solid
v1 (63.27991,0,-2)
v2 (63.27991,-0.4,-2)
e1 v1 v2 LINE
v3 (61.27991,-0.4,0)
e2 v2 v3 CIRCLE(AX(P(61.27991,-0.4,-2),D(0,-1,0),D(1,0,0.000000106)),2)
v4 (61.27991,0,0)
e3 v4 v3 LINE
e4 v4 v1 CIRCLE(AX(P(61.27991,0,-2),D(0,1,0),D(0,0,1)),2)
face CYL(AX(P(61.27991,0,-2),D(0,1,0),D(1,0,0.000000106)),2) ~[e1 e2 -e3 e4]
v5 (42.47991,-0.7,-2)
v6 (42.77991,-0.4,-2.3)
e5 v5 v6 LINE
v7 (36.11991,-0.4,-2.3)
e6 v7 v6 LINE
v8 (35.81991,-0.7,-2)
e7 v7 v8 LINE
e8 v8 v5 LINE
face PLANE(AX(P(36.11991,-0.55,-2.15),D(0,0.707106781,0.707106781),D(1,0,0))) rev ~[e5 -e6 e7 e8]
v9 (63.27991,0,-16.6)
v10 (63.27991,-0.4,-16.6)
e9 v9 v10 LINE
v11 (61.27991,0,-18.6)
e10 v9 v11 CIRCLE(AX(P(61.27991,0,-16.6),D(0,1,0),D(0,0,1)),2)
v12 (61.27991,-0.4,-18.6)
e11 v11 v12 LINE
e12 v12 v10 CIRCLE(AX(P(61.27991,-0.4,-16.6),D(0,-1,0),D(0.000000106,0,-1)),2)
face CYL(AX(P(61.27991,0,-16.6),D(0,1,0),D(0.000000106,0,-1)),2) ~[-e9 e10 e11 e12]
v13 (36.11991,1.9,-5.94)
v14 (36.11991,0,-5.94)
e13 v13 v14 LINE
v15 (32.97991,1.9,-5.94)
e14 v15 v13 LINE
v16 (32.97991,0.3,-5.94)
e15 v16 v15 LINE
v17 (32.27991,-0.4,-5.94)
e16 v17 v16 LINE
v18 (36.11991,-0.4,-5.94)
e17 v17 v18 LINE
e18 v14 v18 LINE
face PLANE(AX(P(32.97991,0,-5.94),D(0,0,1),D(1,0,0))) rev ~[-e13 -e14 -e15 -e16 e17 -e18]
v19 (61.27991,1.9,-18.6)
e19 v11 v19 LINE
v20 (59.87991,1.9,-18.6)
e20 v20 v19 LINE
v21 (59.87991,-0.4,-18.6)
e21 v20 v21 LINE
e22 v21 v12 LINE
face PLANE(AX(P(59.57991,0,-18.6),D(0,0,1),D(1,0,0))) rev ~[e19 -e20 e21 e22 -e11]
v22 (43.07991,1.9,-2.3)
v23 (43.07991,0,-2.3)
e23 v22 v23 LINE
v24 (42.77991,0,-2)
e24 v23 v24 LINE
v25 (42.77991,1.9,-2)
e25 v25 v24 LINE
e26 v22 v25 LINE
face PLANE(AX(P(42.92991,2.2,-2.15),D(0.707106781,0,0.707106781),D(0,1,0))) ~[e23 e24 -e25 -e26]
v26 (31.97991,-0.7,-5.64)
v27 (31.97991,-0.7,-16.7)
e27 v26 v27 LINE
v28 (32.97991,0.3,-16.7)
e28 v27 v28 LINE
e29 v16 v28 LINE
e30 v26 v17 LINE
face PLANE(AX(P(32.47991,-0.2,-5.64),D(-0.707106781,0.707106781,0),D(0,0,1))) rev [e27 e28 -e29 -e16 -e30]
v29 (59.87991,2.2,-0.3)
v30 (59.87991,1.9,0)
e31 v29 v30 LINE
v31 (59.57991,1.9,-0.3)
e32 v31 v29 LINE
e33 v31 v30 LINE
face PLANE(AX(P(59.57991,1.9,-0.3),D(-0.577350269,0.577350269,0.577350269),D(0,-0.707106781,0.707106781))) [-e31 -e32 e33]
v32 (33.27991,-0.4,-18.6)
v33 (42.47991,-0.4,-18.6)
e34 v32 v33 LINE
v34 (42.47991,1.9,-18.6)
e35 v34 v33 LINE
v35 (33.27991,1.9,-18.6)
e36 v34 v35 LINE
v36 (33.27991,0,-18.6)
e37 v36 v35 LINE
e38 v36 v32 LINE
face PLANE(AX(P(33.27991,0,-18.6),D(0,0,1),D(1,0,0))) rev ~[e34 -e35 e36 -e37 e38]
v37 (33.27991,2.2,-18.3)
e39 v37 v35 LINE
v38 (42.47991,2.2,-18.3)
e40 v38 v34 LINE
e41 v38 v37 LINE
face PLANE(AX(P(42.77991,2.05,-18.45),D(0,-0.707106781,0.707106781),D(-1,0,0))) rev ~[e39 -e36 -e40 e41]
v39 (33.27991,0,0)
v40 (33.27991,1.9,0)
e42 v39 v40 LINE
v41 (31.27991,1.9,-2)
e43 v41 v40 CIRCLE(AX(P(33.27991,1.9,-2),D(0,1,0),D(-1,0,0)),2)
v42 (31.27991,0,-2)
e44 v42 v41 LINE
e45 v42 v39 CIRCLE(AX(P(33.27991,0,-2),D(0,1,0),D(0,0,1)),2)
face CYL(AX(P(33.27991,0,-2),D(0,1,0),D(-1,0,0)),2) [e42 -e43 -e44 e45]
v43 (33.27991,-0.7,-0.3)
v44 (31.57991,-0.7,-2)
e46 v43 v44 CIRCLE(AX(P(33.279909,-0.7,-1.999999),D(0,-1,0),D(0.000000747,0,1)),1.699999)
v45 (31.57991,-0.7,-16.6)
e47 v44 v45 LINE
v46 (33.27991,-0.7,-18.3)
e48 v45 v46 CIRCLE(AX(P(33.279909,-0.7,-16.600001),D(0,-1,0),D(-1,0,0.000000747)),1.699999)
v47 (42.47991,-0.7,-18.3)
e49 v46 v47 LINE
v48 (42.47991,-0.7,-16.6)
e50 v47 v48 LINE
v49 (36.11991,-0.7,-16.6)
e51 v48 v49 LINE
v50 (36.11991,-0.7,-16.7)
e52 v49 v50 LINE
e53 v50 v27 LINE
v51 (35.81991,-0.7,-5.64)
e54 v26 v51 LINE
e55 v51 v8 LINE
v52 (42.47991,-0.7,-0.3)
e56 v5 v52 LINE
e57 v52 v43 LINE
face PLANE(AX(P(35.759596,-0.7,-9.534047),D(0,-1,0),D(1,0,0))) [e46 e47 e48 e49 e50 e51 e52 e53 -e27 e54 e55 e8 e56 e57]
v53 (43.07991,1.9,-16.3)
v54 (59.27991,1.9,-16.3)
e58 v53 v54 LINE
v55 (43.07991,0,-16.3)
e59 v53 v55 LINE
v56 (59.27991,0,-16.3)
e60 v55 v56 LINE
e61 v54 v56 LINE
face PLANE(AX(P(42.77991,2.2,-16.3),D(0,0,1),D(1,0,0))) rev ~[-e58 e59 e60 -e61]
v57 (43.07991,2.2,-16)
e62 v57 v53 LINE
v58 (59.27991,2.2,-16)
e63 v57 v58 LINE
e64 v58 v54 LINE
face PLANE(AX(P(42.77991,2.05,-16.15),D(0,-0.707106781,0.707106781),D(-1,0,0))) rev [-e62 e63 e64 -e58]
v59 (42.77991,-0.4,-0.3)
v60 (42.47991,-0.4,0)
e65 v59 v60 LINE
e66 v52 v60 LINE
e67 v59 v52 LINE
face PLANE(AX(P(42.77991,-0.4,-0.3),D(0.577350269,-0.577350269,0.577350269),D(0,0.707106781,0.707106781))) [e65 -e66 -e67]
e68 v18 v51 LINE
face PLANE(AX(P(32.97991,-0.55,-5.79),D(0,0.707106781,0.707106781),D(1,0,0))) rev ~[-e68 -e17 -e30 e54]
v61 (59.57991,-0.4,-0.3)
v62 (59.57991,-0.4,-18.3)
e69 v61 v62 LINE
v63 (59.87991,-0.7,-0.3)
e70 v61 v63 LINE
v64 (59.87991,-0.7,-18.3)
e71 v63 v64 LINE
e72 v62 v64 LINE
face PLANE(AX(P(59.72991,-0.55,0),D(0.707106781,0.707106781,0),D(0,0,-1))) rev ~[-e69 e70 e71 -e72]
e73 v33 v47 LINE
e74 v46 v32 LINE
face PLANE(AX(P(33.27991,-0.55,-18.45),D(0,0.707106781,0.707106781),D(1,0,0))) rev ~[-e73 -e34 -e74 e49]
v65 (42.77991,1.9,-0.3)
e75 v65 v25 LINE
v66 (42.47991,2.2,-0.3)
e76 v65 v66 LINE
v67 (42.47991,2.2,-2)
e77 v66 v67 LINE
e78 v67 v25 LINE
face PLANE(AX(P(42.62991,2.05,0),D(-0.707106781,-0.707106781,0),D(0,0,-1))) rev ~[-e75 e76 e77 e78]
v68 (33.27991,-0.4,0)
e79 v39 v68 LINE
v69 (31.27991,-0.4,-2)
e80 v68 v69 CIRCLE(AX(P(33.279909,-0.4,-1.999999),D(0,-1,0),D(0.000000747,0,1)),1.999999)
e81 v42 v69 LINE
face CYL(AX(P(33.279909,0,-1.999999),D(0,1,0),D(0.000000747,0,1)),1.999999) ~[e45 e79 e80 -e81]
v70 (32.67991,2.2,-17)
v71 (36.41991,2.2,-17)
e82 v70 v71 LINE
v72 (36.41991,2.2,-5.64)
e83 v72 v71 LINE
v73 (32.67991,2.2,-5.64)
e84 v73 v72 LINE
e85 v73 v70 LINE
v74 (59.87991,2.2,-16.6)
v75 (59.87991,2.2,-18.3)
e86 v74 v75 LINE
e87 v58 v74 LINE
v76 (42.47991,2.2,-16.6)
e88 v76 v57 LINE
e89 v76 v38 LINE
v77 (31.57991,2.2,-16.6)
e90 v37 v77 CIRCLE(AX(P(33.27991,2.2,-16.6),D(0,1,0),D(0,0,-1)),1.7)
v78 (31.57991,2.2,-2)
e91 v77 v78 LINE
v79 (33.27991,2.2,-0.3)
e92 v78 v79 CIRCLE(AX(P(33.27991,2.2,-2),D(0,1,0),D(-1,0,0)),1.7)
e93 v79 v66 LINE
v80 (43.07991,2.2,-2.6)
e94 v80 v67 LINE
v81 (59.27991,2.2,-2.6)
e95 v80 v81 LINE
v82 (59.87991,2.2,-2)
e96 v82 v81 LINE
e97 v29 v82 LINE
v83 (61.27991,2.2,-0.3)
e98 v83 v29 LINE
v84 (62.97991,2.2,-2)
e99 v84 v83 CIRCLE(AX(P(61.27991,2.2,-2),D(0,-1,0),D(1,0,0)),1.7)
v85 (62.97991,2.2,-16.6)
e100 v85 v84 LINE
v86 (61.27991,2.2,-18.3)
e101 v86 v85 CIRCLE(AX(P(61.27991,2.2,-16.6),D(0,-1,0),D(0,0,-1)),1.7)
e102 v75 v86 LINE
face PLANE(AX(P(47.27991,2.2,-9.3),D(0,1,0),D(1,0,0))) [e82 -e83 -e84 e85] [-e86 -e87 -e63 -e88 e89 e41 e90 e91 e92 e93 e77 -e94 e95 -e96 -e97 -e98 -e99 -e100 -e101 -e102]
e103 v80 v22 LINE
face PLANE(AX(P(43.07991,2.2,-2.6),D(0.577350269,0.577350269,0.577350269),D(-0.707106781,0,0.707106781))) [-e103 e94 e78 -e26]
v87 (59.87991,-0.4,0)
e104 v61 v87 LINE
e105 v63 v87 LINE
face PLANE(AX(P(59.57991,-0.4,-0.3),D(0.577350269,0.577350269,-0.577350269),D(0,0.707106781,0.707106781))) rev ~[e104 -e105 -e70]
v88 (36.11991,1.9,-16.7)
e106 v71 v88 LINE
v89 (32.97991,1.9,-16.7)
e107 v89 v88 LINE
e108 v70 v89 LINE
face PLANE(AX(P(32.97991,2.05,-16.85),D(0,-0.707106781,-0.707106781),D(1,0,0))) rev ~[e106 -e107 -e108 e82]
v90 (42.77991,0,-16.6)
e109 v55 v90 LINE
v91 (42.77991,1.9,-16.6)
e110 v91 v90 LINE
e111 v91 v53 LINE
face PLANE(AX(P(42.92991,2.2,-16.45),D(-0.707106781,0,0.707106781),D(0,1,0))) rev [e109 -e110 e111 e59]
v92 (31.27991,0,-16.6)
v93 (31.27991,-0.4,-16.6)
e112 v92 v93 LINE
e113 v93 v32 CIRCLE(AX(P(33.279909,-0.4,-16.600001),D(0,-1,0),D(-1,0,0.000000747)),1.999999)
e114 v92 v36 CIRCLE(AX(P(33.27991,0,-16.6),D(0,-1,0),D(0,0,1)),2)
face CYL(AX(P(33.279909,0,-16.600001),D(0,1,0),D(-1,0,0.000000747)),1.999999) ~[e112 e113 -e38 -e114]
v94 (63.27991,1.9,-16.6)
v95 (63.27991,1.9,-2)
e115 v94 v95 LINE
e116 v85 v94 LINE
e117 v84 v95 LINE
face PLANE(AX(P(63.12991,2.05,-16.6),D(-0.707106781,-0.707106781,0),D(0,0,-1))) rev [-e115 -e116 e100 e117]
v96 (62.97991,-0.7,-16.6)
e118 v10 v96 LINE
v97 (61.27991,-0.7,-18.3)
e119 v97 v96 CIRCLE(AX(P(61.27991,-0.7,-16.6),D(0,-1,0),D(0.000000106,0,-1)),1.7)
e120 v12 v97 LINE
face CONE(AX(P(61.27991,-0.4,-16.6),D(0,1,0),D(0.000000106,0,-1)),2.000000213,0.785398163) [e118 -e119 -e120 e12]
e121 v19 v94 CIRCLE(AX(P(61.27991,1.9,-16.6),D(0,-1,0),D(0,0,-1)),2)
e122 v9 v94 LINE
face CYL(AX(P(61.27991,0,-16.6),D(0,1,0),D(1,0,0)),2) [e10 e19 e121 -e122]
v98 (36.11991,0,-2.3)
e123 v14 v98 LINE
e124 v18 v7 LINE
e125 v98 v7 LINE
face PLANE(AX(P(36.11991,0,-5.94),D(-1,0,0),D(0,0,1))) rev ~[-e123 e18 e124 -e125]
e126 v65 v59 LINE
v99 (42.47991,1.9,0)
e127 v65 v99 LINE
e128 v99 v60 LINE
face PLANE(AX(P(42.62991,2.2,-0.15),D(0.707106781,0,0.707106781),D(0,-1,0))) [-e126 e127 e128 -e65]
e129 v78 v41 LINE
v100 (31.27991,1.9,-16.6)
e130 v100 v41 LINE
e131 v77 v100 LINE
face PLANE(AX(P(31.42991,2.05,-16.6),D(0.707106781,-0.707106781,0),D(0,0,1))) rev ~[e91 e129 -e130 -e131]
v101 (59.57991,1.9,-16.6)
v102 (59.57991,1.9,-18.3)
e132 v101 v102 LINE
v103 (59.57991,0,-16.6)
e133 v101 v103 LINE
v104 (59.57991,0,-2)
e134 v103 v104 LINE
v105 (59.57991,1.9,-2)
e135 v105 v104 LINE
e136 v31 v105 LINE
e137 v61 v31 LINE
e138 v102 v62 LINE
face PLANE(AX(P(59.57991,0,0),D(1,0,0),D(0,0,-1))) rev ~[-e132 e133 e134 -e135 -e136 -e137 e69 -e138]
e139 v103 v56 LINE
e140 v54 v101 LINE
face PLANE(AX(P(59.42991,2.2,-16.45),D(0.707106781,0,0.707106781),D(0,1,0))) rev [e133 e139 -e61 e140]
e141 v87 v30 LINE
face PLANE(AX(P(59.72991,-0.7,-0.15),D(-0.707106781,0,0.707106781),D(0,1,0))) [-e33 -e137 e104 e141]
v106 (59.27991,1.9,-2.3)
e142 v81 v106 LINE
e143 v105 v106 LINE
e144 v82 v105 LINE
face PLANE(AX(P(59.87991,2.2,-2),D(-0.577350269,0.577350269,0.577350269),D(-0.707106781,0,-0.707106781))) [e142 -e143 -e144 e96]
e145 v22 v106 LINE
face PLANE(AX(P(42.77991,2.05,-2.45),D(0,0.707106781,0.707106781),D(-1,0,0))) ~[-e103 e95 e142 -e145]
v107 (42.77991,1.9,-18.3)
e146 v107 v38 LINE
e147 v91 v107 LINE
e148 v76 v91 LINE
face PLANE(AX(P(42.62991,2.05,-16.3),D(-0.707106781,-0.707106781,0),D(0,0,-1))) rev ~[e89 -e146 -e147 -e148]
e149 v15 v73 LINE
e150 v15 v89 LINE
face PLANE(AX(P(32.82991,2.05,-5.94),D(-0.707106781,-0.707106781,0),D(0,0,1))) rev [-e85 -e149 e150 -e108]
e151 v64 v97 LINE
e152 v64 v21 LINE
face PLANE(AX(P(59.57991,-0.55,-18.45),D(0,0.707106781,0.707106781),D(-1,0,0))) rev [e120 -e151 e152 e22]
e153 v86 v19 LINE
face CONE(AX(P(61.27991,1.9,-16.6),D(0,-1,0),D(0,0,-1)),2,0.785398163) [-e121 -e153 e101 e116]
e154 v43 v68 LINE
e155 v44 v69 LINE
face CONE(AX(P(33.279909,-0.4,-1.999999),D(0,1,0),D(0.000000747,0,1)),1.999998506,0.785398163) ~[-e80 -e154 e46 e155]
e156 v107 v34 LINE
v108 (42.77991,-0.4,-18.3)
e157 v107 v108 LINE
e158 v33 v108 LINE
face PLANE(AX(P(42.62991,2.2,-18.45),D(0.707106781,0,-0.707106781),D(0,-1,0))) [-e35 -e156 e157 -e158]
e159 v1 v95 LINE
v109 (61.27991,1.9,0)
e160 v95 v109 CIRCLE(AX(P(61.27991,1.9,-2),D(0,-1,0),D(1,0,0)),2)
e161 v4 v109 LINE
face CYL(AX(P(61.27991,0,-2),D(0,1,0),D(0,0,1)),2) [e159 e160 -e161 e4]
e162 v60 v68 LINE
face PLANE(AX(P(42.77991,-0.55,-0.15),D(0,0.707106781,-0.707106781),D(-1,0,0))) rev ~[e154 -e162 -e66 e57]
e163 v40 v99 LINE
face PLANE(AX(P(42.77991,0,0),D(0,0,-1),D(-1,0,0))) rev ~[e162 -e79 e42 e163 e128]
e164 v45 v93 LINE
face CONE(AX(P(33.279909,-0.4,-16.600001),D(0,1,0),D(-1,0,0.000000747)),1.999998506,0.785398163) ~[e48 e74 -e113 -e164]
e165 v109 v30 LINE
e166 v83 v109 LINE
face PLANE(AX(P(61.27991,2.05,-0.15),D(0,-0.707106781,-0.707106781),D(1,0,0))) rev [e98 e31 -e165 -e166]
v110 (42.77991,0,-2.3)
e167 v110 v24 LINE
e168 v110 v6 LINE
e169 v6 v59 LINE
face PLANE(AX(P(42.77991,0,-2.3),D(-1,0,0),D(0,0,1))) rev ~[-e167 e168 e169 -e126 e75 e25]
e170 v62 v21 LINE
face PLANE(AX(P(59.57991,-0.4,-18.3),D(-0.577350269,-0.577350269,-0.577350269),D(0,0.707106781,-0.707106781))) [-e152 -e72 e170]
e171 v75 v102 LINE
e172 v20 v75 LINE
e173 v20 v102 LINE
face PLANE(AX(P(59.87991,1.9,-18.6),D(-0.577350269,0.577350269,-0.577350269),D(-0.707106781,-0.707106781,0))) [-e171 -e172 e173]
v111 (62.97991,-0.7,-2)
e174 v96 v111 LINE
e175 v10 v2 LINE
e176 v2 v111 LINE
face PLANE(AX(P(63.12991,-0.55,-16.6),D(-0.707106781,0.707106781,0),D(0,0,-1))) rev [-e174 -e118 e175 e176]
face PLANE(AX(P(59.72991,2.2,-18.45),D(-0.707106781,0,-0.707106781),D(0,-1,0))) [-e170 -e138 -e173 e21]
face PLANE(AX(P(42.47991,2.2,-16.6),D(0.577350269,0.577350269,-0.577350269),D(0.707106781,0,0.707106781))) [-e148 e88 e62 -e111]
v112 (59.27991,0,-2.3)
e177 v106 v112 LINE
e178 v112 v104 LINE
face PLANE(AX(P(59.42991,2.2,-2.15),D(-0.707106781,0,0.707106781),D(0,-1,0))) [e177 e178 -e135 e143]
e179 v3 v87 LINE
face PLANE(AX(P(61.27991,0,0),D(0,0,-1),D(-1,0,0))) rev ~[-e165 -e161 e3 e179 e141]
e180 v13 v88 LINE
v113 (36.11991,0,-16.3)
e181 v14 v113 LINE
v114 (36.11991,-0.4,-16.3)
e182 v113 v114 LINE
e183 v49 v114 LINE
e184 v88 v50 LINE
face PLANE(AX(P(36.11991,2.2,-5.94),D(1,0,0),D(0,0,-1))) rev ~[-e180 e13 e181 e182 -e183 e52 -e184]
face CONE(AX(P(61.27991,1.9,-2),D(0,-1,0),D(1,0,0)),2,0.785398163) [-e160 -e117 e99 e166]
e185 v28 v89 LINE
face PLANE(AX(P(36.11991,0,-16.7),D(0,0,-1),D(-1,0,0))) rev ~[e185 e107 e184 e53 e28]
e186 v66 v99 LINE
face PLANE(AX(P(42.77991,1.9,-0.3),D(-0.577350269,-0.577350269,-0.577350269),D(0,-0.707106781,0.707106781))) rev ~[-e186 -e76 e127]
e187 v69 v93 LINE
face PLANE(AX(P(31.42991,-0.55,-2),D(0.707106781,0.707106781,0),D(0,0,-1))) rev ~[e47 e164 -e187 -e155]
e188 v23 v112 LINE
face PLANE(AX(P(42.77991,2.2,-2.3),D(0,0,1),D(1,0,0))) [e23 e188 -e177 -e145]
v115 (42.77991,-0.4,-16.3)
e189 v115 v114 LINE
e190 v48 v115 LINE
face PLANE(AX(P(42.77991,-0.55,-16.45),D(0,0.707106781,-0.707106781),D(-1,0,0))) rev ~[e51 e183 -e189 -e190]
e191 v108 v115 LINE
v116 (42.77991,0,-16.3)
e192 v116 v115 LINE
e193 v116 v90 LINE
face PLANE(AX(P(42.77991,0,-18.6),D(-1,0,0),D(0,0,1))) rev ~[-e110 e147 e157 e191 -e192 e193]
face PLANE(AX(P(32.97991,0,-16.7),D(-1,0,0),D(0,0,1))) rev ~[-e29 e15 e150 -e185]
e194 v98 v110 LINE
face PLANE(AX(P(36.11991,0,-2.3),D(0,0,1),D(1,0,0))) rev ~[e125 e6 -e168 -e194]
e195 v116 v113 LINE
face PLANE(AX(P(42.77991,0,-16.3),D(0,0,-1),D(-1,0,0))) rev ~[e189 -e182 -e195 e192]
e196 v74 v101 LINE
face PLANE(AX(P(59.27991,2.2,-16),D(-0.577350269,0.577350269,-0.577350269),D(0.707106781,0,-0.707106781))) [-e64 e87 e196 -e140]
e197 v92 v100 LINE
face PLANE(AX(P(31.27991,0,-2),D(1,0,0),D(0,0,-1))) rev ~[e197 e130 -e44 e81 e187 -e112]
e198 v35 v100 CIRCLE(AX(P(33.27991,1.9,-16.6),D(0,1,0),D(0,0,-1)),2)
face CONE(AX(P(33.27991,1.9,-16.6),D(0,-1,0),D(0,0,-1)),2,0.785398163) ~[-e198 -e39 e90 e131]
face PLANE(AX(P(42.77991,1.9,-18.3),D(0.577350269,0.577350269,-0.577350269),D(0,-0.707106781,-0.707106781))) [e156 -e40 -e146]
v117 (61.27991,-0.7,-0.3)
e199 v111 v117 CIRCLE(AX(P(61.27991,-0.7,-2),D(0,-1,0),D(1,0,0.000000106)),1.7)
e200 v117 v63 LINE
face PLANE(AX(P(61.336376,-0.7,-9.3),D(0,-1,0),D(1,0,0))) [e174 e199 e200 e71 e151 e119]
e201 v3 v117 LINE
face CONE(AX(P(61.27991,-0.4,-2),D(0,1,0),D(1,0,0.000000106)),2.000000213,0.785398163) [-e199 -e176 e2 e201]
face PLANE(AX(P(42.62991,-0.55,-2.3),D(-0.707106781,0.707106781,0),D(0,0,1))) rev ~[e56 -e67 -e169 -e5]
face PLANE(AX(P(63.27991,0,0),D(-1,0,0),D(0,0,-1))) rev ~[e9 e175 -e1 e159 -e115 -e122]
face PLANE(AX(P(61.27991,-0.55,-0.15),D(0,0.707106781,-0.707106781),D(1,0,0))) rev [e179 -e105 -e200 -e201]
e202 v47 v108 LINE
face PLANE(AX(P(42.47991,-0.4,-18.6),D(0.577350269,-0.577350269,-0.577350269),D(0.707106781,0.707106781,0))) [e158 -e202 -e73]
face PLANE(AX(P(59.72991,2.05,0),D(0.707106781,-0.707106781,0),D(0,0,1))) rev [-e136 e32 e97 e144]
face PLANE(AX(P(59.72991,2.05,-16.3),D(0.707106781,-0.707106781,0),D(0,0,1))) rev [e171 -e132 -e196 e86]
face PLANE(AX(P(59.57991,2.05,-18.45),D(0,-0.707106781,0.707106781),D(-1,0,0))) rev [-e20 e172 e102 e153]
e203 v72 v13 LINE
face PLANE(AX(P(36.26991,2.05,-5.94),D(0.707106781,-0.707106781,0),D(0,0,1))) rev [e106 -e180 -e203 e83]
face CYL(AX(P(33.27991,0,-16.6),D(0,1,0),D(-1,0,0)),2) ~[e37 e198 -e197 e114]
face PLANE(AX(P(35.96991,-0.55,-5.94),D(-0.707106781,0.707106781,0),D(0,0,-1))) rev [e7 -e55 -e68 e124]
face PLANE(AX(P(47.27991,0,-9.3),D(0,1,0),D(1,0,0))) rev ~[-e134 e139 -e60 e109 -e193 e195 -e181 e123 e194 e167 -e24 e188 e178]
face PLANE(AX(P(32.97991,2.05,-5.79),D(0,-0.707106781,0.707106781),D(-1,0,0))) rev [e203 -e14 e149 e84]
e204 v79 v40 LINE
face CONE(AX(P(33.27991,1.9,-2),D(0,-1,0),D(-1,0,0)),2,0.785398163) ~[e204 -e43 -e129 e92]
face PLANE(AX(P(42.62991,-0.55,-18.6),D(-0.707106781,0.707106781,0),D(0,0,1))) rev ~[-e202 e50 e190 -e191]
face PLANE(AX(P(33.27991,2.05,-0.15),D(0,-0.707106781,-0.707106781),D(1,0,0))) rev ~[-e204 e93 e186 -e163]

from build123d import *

# Parameters (mm, degrees)
SKETCH_1_W          = 32
SKETCH_1_H          = 18.6
EXTRUDE_1_DEPTH     = 2.2
FILLET_1_R          = 2
SKETCH_2_W          = 3.14
SKETCH_2_H          = 10.76
SKETCH_2_W_2        = 16.8
SKETCH_2_H_2        = 2.6
CUT_EXTRUDE_1_DEPTH = 3.2
EXTRUDE_2_DEPTH     = 0.7
CHAMFER_1_SIZE      = 0.3
CHAMFER_2_SIZE      = 1


with BuildPart() as part:
    # 草图1 → 凸台-拉伸1 (new body)
    with BuildSketch(Plane(origin=(0, 0, 0), x_dir=(1, 0, 0), z_dir=(0, 1, 0))):
        with Locations((47.27991, 9.3)):
            Rectangle(SKETCH_1_W, SKETCH_1_H)
    extrude(amount=EXTRUDE_1_DEPTH)

    # 圆角1
    fillet_1_edges = [part.edges().sort_by_distance(p)[0] for p in [
        (31.27991, 1.1, -18.6),
        (63.27991, 1.1, -18.6),
        (63.27991, 1.1, 0),
        (31.27991, 1.1, 0),
    ]]
    fillet(fillet_1_edges, radius=FILLET_1_R)

    # 草图2 → 切除-拉伸1 (cut, through all)
    with BuildSketch(Plane(origin=(0, 2.2, 0), x_dir=(1, 0, 0), z_dir=(0, 1, 0))):
        with Locations((34.54991, 11.32)):
            Rectangle(SKETCH_2_W, SKETCH_2_H)
        with Locations((51.17991, 1)):
            Rectangle(SKETCH_2_W_2, SKETCH_2_H_2)
        with Locations((51.17991, 17.6)):
            Rectangle(SKETCH_2_W_2, SKETCH_2_H_2)
    extrude(amount=-CUT_EXTRUDE_1_DEPTH, mode=Mode.SUBTRACT)

    # 草图3 → 凸台-拉伸2 (add)
    with BuildSketch(Plane.XZ):
        with BuildLine():
            Line((36.11991, -5.94), (36.11991, -2.3))
            Line((36.11991, -2.3), (42.77991, -2.3))
            Line((42.77991, -2.3), (42.77991, 0))
            Line((42.77991, 0), (33.27991, 0))
            ThreePointArc((33.27991, 0), (31.865696, -0.585786), (31.27991, -2))
            Line((31.27991, -2), (31.27991, -16.6))
            ThreePointArc((31.27991, -16.6), (31.865696, -18.014214), (33.27991, -18.6))
            Line((33.27991, -18.6), (42.77991, -18.6))
            Line((42.77991, -18.6), (42.77991, -16.3))
            Line((42.77991, -16.3), (36.11991, -16.3))
            Line((36.11991, -16.3), (36.11991, -16.7))
            Line((36.11991, -16.7), (32.97991, -16.7))
            Line((32.97991, -16.7), (32.97991, -5.94))
            Line((32.97991, -5.94), (36.11991, -5.94))
        make_face()
        with BuildLine():
            Line((59.57991, -16.3), (59.57991, -18.6))
            Line((59.57991, -18.6), (61.27991, -18.6))
            ThreePointArc((61.27991, -18.6), (62.694123, -18.014214), (63.27991, -16.6))
            Line((63.27991, -16.6), (63.27991, -2))
            ThreePointArc((63.27991, -2), (62.694123, -0.585786), (61.27991, 0))
            Line((61.27991, 0), (59.57991, 0))
            Line((59.57991, 0), (59.57991, -2.3))
            Line((59.57991, -2.3), (59.57991, -16.3))
        make_face()
    extrude(amount=EXTRUDE_2_DEPTH)

    # 倒角1
    chamfer_1_edges = [part.edges().sort_by_distance(p)[0] for p in [
        (36.11991, -0.7, -4.12),
        (34.54991, -0.7, -5.94),
        (39.44991, -0.7, -16.3),
        (42.77991, -0.7, -17.45),
        (38.02991, -0.7, -18.6),
        (31.865696, -0.7, -18.014214),
        (31.27991, -0.7, -9.3),
        (31.865696, -0.7, -0.585786),
        (38.02991, -0.7, 0),
        (42.77991, -0.7, -1.15),
        (39.44991, -0.7, -2.3),
        (60.42991, -0.7, 0),
        (62.694123, -0.7, -0.585786),
        (63.27991, -0.7, -9.3),
        (62.694123, -0.7, -18.014214),
        (60.42991, -0.7, -18.6),
        (59.57991, -0.7, -9.3),
        (38.02991, 2.2, 0),
        (31.865696, 2.2, -0.585786),
        (31.27991, 2.2, -9.3),
        (31.865696, 2.2, -18.014214),
        (38.02991, 2.2, -18.6),
        (42.77991, 2.2, -17.45),
        (51.17991, 2.2, -16.3),
        (59.57991, 2.2, -17.45),
        (60.42991, 2.2, -18.6),
        (62.694123, 2.2, -18.014214),
        (63.27991, 2.2, -9.3),
        (62.694123, 2.2, -0.585786),
        (60.42991, 2.2, 0),
        (59.57991, 2.2, -1.15),
        (51.17991, 2.2, -2.3),
        (42.77991, 2.2, -1.15),
        (34.54991, 2.2, -16.7),
        (32.97991, 2.2, -11.32),
        (34.54991, 2.2, -5.94),
        (36.11991, 2.2, -11.32),
        (42.77991, 0.75, -18.6),
        (42.77991, 1.1, -16.3),
        (59.57991, 1.1, -16.3),
        (59.57991, 0.75, -18.6),
        (59.57991, 0.75, 0),
        (59.57991, 1.1, -2.3),
        (42.77991, 1.1, -2.3),
        (42.77991, 0.75, 0),
    ]]
    chamfer(chamfer_1_edges, length=CHAMFER_1_SIZE)

    # 倒角2
    chamfer_2_edges = [part.edges().sort_by_distance(p)[0] for p in [
        (32.97991, -0.7, -11.32),
    ]]
    chamfer(chamfer_2_edges, length=CHAMFER_2_SIZE)


solid = part.part
